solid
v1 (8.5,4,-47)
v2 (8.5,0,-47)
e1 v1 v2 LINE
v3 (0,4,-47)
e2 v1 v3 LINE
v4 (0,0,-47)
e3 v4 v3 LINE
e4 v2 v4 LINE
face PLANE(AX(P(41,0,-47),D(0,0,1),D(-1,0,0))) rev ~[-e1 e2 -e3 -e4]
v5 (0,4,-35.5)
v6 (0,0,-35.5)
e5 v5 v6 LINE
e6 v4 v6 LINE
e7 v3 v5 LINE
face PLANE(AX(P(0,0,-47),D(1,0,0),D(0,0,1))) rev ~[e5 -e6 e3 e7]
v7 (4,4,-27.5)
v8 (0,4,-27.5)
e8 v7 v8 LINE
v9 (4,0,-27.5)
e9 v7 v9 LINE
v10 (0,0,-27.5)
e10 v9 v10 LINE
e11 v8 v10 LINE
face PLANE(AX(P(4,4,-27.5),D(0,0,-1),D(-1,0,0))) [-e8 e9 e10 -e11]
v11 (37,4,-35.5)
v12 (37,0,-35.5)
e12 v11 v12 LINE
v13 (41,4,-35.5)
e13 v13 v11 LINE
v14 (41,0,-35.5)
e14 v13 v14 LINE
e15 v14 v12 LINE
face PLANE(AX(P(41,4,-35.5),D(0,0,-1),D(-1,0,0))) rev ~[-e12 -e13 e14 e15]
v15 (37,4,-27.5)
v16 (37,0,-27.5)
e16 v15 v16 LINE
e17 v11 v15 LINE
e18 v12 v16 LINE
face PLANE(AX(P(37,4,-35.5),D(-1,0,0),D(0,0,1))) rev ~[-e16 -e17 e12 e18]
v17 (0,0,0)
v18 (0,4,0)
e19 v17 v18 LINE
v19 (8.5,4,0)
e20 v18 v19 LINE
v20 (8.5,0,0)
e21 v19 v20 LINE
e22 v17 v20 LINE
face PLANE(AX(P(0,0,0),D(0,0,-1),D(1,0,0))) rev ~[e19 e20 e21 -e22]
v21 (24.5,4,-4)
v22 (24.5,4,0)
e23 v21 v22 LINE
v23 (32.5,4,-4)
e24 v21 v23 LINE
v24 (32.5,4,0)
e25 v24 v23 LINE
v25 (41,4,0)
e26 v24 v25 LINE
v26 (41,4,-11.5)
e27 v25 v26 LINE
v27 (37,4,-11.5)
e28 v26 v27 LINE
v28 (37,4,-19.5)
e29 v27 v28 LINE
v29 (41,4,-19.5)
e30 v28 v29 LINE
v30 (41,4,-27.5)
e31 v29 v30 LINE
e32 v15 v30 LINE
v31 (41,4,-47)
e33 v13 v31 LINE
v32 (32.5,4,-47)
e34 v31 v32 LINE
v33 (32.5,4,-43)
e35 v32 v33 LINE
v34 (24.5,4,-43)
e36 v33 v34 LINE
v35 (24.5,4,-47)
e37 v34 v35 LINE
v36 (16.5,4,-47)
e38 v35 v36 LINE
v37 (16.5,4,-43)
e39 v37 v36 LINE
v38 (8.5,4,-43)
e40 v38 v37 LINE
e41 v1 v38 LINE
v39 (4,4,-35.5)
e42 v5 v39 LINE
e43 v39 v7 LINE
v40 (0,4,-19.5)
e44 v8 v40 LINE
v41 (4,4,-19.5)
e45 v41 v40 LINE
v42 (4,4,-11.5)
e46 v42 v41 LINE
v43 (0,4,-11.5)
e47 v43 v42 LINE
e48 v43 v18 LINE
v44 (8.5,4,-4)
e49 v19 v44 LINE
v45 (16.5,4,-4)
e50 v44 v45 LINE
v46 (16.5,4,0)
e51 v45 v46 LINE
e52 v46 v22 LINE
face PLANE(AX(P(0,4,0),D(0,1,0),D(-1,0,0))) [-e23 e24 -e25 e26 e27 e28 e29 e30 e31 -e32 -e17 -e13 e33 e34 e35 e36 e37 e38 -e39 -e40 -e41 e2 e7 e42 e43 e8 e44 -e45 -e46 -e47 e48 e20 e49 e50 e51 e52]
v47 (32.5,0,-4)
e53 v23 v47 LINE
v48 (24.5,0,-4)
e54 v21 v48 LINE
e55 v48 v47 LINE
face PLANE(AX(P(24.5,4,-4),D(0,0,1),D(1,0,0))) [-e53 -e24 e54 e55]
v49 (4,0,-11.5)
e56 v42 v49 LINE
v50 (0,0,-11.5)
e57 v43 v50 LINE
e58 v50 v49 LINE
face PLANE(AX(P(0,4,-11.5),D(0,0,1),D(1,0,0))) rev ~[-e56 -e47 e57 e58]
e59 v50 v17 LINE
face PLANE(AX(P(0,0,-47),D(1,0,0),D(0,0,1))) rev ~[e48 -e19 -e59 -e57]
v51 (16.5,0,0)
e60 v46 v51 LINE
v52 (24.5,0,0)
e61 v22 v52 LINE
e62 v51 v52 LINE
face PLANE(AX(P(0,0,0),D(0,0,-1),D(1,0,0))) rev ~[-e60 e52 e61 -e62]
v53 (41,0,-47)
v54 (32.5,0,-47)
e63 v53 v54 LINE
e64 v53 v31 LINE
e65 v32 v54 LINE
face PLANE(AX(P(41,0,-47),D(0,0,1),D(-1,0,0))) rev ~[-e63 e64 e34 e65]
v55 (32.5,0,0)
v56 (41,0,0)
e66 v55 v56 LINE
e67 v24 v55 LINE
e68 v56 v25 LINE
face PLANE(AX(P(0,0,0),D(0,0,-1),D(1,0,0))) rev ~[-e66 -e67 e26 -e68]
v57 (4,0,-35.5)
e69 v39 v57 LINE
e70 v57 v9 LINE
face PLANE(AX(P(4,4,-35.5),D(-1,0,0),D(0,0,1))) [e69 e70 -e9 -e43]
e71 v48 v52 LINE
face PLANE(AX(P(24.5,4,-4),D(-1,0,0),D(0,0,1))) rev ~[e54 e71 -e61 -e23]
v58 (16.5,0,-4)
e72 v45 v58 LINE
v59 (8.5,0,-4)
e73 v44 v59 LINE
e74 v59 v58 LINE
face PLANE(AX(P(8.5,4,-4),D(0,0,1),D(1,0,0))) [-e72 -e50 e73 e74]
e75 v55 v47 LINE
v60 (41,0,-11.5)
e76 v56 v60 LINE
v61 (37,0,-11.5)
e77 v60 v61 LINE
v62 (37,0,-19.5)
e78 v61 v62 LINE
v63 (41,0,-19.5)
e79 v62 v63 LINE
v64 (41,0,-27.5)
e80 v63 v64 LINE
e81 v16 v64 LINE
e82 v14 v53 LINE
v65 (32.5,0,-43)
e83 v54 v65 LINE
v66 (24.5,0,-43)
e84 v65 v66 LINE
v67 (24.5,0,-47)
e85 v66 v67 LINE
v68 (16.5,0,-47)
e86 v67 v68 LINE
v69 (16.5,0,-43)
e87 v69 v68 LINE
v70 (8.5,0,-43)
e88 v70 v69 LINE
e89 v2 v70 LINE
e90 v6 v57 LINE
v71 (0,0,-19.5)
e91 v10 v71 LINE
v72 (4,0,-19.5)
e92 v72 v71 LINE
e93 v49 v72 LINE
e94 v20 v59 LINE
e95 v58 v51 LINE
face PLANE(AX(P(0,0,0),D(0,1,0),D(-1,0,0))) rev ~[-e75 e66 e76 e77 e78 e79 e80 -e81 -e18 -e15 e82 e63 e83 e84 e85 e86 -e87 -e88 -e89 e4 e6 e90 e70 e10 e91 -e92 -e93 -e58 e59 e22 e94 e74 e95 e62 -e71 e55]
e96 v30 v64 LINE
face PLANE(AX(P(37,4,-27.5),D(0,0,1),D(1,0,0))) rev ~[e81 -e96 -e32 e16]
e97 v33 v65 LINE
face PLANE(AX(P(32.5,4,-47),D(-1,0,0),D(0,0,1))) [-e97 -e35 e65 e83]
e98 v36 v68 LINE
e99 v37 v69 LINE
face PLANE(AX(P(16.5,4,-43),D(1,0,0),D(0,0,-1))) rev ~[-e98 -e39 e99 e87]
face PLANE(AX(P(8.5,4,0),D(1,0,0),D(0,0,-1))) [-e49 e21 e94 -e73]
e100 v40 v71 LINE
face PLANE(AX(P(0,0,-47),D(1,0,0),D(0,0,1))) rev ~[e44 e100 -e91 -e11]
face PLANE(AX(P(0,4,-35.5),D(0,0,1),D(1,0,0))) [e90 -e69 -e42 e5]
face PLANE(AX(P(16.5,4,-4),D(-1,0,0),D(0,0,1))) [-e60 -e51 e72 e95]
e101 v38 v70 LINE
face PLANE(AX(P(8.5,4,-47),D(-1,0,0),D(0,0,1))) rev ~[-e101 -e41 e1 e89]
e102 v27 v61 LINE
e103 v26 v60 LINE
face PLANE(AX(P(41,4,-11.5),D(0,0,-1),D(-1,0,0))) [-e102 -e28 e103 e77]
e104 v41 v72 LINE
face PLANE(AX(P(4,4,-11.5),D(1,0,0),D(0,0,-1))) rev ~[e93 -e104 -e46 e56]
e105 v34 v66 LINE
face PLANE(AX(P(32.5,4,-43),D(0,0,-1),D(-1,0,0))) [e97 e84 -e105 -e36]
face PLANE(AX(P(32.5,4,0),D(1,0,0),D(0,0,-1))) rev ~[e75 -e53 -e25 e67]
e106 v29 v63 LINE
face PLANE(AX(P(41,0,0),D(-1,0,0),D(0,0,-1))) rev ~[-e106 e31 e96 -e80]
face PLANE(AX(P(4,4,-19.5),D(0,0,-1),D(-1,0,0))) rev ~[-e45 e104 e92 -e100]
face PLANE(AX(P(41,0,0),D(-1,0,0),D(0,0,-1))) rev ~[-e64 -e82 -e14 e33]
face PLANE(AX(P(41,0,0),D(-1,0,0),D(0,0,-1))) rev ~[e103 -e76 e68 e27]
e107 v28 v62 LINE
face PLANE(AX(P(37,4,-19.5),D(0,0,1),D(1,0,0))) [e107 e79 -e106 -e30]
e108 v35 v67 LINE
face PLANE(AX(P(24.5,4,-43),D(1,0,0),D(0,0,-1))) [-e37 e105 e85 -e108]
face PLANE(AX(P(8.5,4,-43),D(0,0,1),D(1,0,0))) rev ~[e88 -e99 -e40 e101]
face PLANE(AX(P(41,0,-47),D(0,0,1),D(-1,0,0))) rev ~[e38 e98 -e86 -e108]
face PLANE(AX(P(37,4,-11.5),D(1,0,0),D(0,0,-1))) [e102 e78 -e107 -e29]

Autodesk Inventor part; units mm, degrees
ref_plane "YZ Plane" through (0, 0, 0) normal (1, 0, 0) x (0, 1, 0)
ref_plane "XZ Plane" through (0, 0, 0) normal (0, 1, 0) x (-1, 0, 0)
ref_plane "XY Plane" through (0, 0, 0) normal (0, 0, 1) x (1, 0, 0)
sketch "Sketch1" plane through (0, 0, 0) normal (0, 1, 0) x (-1, 0, 0)
  line L0 (0, 0) -> (-41, 0)
  line L1 (-41, 0) -> (-41, -47)
  line L2 (-41, -47) -> (0, -47)
  line L3 (0, -47) -> (0, 0)
  dimension "d0" = 41
  dimension "d1" = 47
extrude "Extrusion1" add sketch "Sketch1" along normal blind 4
sketch "Sketch2" plane through (0, 4, 0) normal (0, 1, 0) x (1, 0, 0)
  line L0 (41, 47) -> (0, 47) construction
  line L1 (0, 47) -> (0, 0) construction
  line L2 (0, 0) -> (41, 0) construction
  line L3 (41, 0) -> (41, 47) construction
  line L4 (4, 4) -> (4, 43) construction
  line L5 (4, 43) -> (37, 43) construction
  line L6 (37, 43) -> (37, 4) construction
  line L7 (37, 4) -> (4, 4) construction
  line L8 (0, 35.5) -> (4, 35.5)
  line L9 (4, 35.5) -> (4, 27.5)
  line L10 (4, 27.5) -> (0, 27.5)
  line L11 (0, 35.5) -> (0, 27.5)
  line L12 (0, 23.5) -> (41, 23.5) construction
  line L13 (20.5, 0) -> (20.5, 47) construction
  line L14 (41, 47) -> (0, 47) construction
  line L15 (8.5, 47) -> (8.5, 43)
  line L16 (8.5, 43) -> (16.5, 43)
  line L17 (16.5, 43) -> (16.5, 47)
  line L18 (16.5, 47) -> (8.5, 47)
  line L19 (41, 35.5) -> (37, 35.5)
  line L20 (37, 35.5) -> (37, 27.5)
  line L21 (37, 27.5) -> (41, 27.5)
  line L22 (41, 35.5) -> (41, 27.5)
  line L23 (32.5, 47) -> (32.5, 43)
  line L24 (32.5, 43) -> (24.5, 43)
  line L25 (24.5, 43) -> (24.5, 47)
  line L26 (24.5, 47) -> (32.5, 47)
  line L27 (41, 0) -> (0, 0)
  line L28 (4, 4) -> (37, 4)
  line L29 (0, 11.5) -> (4, 11.5)
  line L30 (4, 11.5) -> (4, 19.5)
  line L31 (4, 19.5) -> (0, 19.5)
  line L32 (0, 11.5) -> (0, 19.5)
  line L33 (41, 0) -> (0, 0)
  line L34 (8.5, 0) -> (8.5, 4)
  line L35 (8.5, 4) -> (16.5, 4)
  line L36 (16.5, 4) -> (16.5, 0)
  line L37 (16.5, 0) -> (8.5, 0)
  line L38 (24.5, 4) -> (24.5, 0)
  line L39 (32.5, 0) -> (32.5, 4)
  line L40 (37, 11.5) -> (37, 19.5)
  line L41 (41, 11.5) -> (37, 11.5)
  line L42 (41, 11.5) -> (41, 19.5)
  line L43 (37, 19.5) -> (41, 19.5)
  line L44 (24.5, 0) -> (32.5, 0)
  line L45 (32.5, 4) -> (24.5, 4)
  dimension "d8" = 4
  dimension "d9" = 8
  dimension "d10" = 4
  dimension "d11" = 8
  dimension "d12" = 4
extrude "Extrusion2" cut sketch "Sketch2" against normal up to surface (4 mm away) contours L8 L9 L10 L11 | L18 L17 L16 L15 | L22 L21 L20 L19 | L23 L24 L25 L26 | L27 L38 L28 L39 | L27 L34 L28 L36 | L32 L31 L30 L29 | L40 L43 L42 L41
properties part number "right" material "PBT Plastic Black"
